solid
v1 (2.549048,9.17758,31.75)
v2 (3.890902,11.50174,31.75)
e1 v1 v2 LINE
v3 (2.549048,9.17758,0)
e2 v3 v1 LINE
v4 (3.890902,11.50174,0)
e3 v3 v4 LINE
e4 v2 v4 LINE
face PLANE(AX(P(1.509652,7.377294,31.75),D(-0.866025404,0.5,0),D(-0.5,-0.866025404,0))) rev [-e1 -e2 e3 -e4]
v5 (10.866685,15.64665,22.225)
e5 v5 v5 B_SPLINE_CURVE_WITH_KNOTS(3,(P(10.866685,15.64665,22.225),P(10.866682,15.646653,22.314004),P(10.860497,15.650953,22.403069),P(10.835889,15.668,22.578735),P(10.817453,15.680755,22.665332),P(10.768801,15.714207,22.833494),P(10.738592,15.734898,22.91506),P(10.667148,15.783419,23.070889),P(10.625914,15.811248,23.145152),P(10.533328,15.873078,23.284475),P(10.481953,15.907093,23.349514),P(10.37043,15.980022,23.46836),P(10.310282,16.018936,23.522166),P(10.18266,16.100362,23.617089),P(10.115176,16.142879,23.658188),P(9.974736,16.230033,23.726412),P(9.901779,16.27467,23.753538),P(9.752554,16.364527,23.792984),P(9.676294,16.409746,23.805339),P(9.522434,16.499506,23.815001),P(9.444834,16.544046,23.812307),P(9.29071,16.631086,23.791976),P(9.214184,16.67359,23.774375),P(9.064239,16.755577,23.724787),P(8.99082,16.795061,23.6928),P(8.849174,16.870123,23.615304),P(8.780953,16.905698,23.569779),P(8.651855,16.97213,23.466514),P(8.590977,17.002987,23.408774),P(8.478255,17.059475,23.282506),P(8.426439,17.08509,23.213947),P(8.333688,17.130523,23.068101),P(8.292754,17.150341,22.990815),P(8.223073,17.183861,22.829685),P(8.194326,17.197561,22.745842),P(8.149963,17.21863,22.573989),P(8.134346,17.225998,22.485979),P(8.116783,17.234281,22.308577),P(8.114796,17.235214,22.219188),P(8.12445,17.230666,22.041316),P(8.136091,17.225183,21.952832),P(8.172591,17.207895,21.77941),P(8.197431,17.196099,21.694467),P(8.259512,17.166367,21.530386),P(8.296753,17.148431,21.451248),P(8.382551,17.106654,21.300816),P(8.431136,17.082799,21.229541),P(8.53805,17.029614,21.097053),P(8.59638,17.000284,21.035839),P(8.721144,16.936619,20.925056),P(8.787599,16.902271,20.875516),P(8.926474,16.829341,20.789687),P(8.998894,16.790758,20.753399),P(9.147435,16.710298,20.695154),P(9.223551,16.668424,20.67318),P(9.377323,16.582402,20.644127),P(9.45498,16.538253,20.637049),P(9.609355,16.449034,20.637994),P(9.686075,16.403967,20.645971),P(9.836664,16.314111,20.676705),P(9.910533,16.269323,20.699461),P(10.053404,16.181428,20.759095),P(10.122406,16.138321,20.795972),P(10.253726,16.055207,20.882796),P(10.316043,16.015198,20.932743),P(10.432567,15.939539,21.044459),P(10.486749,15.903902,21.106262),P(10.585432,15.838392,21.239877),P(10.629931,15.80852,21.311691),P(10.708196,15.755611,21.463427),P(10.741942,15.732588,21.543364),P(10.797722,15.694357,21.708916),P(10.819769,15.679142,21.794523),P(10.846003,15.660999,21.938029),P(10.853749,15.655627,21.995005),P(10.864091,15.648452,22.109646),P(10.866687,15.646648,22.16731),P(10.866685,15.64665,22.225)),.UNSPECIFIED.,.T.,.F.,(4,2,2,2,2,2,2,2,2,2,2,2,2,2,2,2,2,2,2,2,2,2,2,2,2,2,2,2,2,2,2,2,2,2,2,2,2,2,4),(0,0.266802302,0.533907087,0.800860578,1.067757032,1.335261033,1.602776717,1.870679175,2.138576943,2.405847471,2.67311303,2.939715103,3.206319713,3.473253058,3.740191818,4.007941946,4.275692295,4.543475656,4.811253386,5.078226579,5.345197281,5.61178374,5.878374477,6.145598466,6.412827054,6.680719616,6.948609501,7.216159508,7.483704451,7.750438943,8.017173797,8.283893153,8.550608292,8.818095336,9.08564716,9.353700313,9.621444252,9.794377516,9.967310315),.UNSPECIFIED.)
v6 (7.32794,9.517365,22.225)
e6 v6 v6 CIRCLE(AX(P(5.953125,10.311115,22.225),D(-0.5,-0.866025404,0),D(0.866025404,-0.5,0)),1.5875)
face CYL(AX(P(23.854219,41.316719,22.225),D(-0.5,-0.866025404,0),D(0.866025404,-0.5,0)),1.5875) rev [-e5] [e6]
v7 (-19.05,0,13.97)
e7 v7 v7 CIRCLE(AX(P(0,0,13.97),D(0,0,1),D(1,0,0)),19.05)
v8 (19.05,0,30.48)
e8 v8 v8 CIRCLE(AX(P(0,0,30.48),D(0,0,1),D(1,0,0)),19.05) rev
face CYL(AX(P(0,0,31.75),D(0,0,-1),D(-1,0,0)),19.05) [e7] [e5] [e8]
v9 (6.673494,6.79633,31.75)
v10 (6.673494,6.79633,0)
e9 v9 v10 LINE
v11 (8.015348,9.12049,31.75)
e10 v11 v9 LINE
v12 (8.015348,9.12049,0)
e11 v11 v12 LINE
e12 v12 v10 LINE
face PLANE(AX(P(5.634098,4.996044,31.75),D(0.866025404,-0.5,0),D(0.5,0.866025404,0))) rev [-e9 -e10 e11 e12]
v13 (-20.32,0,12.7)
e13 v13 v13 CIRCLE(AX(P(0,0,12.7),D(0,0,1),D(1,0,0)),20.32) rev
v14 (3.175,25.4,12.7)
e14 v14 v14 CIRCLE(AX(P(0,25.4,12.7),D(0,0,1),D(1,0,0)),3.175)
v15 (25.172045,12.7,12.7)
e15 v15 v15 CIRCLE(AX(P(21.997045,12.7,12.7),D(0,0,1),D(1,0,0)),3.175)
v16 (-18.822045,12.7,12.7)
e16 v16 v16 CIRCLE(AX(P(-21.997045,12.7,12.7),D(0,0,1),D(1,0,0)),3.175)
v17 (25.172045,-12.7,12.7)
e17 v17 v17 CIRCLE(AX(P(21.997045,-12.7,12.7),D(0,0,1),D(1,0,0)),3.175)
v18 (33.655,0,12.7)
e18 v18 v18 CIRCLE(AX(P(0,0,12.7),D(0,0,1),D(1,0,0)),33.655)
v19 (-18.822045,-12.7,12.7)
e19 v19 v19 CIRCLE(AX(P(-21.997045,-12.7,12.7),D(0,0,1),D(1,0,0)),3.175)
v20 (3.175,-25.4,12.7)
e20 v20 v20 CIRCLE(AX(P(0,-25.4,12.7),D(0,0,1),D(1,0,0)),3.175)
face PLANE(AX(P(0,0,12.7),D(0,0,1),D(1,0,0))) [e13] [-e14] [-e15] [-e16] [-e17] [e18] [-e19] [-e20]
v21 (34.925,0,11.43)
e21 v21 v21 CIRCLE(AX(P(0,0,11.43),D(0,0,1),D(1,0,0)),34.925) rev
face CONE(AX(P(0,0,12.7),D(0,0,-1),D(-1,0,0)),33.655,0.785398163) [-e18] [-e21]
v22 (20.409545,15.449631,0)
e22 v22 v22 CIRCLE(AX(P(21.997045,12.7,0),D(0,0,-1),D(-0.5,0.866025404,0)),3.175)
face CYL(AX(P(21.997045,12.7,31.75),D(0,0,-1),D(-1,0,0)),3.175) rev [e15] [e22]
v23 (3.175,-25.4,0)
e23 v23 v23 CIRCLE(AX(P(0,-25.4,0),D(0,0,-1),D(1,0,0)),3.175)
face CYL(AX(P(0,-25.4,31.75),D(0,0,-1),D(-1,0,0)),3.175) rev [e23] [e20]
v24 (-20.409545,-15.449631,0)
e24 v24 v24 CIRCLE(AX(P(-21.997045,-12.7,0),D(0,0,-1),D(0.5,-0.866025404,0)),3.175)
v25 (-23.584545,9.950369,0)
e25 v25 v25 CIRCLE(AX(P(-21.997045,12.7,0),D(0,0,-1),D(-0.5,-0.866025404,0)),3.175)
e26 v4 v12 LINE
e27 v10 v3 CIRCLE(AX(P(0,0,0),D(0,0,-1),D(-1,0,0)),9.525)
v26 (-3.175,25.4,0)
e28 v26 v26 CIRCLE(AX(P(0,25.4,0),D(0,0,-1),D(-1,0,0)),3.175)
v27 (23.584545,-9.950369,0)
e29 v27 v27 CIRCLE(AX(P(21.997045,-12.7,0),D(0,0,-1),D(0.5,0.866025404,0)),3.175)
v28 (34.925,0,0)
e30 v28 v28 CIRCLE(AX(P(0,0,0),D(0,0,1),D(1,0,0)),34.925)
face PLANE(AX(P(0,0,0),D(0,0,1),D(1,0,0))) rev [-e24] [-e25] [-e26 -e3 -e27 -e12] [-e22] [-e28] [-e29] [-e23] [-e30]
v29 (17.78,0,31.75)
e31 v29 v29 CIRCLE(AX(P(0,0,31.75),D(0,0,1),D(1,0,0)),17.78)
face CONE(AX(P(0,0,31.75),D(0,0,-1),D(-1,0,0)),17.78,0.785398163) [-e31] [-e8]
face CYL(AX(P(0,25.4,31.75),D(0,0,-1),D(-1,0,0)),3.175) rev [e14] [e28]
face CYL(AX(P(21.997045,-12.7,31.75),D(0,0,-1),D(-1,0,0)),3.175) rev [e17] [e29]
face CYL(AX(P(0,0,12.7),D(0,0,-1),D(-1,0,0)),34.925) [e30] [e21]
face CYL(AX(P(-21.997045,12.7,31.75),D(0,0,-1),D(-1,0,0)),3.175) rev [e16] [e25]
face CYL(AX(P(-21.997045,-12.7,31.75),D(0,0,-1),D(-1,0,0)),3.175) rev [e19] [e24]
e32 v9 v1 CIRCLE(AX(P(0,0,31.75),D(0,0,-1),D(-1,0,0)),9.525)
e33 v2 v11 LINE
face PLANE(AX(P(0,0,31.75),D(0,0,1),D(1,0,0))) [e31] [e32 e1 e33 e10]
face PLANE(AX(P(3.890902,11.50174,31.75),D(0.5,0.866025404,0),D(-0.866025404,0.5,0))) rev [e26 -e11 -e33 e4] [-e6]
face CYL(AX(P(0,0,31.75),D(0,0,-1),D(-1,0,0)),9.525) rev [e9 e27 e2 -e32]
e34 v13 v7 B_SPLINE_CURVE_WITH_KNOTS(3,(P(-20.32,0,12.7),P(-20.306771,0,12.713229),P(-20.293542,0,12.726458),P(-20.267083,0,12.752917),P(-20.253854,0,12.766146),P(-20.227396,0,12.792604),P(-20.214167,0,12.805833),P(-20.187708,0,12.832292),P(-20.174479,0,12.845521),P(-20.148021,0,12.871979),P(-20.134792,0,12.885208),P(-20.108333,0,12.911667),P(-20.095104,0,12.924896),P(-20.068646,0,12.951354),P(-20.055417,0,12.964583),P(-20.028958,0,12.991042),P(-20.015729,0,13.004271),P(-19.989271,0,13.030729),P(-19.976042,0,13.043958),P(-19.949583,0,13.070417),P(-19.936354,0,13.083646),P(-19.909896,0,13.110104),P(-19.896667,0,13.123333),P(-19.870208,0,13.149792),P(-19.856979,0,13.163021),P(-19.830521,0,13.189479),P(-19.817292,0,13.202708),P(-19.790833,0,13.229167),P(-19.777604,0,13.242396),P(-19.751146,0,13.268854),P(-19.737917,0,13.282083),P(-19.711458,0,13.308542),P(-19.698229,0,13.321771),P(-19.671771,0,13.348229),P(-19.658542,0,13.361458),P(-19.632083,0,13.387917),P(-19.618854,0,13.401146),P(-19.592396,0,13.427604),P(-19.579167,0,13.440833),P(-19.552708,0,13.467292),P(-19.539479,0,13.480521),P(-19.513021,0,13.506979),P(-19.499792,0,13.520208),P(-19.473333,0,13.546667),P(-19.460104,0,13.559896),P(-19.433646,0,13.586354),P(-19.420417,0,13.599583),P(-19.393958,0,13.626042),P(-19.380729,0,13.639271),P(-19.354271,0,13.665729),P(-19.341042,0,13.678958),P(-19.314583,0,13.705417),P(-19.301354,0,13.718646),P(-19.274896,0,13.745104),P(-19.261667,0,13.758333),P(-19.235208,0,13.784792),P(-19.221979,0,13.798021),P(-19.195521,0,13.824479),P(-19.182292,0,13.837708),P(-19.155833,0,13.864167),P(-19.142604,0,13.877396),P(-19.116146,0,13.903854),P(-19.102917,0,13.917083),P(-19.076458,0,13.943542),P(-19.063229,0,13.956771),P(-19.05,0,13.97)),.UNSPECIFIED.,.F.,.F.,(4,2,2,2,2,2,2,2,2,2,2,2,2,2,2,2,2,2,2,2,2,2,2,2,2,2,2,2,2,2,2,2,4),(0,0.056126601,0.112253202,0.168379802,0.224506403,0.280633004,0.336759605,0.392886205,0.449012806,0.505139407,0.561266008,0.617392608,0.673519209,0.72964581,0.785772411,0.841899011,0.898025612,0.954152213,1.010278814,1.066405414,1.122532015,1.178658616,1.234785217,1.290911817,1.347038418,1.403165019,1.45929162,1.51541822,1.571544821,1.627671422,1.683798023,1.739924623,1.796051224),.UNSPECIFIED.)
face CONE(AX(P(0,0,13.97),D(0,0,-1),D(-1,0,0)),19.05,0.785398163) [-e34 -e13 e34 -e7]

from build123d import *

# Parameters (mm, degrees)
SKETCH1_R          = 34.925
EXTRUDE1_DEPTH     = 12.7
SKETCH2_R          = 19.05
EXTRUDE2_DEPTH     = 19.05
SKETCH3_R          = 3.175
SKETCH3_R_2        = 9.525
CUT_EXTRUDE1_DEPTH = 59.716043378
CIRPATTERN1_COUNT  = 6
CUT_EXTRUDE2_DEPTH = 59.716043378
SKETCH5_R          = 1.5875
CUT_EXTRUDE3_DEPTH = 69.74147002
CHAMFER1_SIZE      = 1.27


with BuildPart() as part:
    # Sketch1 → Extrude1 (new body)
    with BuildSketch(Plane.XY):
        Circle(SKETCH1_R)
    extrude(amount=EXTRUDE1_DEPTH)

    # Sketch2 → Extrude2 (add)
    with BuildSketch(Plane.XY.offset(12.7)):
        with Locations(Location((0, 0, 0), (0, 0, 180))):
            Circle(SKETCH2_R)
    extrude(amount=EXTRUDE2_DEPTH)

    # Sketch3 → Cut-Extrude1 (cut, through all)
    with BuildSketch(Plane(origin=(0, 0, 0), x_dir=(-1, 0, 0), z_dir=(0, 0, -1))):
        with Locations((0, 25.4)):
            Circle(SKETCH3_R)
        Circle(SKETCH3_R_2)
    cut_extrude1 = extrude(amount=-CUT_EXTRUDE1_DEPTH, mode=Mode.SUBTRACT)

    # CirPattern1: Cut-Extrude1 ×6 about axis
    cirpattern1_axis = Axis((0, 0, 0), (0, 0, 1))
    for i in range(1, CIRPATTERN1_COUNT):
        add(cut_extrude1.rotate(cirpattern1_axis, i * 360 / CIRPATTERN1_COUNT), mode=Mode.SUBTRACT)

    # Sketch4 → Cut-Extrude2 (cut, through all)
    with BuildSketch(Plane(origin=(0, 0, 0), x_dir=(-1, 0, 0), z_dir=(0, 0, -1))):
        Polygon((-1.509652007, 7.377293978), (-5.634097993, 4.996043978), (-8.015347993, 9.120489964), (-3.890902007, 11.501739964), align=None)
    extrude(amount=-CUT_EXTRUDE2_DEPTH, mode=Mode.SUBTRACT)

    # Sketch5 → Cut-Extrude3 (cut, through all)
    with BuildSketch(Plane(origin=(5.953125, 10.311114964, 0), x_dir=(0.8660254037844396, -0.4999999999999984, 0), z_dir=(-0.4999999999999984, -0.8660254037844396, 0))):
        with Locations((0, 22.225)):
            Circle(SKETCH5_R)
    extrude(amount=-CUT_EXTRUDE3_DEPTH, mode=Mode.SUBTRACT)

    # Chamfer1
    chamfer1_edges = [part.edges().sort_by_distance(p)[0] for p in [
        (-34.925, 0, 12.7),
        (19.05, 0, 12.7),
        (19.05, 0, 31.75),
    ]]
    chamfer(chamfer1_edges, length=CHAMFER1_SIZE)


solid = part.part
